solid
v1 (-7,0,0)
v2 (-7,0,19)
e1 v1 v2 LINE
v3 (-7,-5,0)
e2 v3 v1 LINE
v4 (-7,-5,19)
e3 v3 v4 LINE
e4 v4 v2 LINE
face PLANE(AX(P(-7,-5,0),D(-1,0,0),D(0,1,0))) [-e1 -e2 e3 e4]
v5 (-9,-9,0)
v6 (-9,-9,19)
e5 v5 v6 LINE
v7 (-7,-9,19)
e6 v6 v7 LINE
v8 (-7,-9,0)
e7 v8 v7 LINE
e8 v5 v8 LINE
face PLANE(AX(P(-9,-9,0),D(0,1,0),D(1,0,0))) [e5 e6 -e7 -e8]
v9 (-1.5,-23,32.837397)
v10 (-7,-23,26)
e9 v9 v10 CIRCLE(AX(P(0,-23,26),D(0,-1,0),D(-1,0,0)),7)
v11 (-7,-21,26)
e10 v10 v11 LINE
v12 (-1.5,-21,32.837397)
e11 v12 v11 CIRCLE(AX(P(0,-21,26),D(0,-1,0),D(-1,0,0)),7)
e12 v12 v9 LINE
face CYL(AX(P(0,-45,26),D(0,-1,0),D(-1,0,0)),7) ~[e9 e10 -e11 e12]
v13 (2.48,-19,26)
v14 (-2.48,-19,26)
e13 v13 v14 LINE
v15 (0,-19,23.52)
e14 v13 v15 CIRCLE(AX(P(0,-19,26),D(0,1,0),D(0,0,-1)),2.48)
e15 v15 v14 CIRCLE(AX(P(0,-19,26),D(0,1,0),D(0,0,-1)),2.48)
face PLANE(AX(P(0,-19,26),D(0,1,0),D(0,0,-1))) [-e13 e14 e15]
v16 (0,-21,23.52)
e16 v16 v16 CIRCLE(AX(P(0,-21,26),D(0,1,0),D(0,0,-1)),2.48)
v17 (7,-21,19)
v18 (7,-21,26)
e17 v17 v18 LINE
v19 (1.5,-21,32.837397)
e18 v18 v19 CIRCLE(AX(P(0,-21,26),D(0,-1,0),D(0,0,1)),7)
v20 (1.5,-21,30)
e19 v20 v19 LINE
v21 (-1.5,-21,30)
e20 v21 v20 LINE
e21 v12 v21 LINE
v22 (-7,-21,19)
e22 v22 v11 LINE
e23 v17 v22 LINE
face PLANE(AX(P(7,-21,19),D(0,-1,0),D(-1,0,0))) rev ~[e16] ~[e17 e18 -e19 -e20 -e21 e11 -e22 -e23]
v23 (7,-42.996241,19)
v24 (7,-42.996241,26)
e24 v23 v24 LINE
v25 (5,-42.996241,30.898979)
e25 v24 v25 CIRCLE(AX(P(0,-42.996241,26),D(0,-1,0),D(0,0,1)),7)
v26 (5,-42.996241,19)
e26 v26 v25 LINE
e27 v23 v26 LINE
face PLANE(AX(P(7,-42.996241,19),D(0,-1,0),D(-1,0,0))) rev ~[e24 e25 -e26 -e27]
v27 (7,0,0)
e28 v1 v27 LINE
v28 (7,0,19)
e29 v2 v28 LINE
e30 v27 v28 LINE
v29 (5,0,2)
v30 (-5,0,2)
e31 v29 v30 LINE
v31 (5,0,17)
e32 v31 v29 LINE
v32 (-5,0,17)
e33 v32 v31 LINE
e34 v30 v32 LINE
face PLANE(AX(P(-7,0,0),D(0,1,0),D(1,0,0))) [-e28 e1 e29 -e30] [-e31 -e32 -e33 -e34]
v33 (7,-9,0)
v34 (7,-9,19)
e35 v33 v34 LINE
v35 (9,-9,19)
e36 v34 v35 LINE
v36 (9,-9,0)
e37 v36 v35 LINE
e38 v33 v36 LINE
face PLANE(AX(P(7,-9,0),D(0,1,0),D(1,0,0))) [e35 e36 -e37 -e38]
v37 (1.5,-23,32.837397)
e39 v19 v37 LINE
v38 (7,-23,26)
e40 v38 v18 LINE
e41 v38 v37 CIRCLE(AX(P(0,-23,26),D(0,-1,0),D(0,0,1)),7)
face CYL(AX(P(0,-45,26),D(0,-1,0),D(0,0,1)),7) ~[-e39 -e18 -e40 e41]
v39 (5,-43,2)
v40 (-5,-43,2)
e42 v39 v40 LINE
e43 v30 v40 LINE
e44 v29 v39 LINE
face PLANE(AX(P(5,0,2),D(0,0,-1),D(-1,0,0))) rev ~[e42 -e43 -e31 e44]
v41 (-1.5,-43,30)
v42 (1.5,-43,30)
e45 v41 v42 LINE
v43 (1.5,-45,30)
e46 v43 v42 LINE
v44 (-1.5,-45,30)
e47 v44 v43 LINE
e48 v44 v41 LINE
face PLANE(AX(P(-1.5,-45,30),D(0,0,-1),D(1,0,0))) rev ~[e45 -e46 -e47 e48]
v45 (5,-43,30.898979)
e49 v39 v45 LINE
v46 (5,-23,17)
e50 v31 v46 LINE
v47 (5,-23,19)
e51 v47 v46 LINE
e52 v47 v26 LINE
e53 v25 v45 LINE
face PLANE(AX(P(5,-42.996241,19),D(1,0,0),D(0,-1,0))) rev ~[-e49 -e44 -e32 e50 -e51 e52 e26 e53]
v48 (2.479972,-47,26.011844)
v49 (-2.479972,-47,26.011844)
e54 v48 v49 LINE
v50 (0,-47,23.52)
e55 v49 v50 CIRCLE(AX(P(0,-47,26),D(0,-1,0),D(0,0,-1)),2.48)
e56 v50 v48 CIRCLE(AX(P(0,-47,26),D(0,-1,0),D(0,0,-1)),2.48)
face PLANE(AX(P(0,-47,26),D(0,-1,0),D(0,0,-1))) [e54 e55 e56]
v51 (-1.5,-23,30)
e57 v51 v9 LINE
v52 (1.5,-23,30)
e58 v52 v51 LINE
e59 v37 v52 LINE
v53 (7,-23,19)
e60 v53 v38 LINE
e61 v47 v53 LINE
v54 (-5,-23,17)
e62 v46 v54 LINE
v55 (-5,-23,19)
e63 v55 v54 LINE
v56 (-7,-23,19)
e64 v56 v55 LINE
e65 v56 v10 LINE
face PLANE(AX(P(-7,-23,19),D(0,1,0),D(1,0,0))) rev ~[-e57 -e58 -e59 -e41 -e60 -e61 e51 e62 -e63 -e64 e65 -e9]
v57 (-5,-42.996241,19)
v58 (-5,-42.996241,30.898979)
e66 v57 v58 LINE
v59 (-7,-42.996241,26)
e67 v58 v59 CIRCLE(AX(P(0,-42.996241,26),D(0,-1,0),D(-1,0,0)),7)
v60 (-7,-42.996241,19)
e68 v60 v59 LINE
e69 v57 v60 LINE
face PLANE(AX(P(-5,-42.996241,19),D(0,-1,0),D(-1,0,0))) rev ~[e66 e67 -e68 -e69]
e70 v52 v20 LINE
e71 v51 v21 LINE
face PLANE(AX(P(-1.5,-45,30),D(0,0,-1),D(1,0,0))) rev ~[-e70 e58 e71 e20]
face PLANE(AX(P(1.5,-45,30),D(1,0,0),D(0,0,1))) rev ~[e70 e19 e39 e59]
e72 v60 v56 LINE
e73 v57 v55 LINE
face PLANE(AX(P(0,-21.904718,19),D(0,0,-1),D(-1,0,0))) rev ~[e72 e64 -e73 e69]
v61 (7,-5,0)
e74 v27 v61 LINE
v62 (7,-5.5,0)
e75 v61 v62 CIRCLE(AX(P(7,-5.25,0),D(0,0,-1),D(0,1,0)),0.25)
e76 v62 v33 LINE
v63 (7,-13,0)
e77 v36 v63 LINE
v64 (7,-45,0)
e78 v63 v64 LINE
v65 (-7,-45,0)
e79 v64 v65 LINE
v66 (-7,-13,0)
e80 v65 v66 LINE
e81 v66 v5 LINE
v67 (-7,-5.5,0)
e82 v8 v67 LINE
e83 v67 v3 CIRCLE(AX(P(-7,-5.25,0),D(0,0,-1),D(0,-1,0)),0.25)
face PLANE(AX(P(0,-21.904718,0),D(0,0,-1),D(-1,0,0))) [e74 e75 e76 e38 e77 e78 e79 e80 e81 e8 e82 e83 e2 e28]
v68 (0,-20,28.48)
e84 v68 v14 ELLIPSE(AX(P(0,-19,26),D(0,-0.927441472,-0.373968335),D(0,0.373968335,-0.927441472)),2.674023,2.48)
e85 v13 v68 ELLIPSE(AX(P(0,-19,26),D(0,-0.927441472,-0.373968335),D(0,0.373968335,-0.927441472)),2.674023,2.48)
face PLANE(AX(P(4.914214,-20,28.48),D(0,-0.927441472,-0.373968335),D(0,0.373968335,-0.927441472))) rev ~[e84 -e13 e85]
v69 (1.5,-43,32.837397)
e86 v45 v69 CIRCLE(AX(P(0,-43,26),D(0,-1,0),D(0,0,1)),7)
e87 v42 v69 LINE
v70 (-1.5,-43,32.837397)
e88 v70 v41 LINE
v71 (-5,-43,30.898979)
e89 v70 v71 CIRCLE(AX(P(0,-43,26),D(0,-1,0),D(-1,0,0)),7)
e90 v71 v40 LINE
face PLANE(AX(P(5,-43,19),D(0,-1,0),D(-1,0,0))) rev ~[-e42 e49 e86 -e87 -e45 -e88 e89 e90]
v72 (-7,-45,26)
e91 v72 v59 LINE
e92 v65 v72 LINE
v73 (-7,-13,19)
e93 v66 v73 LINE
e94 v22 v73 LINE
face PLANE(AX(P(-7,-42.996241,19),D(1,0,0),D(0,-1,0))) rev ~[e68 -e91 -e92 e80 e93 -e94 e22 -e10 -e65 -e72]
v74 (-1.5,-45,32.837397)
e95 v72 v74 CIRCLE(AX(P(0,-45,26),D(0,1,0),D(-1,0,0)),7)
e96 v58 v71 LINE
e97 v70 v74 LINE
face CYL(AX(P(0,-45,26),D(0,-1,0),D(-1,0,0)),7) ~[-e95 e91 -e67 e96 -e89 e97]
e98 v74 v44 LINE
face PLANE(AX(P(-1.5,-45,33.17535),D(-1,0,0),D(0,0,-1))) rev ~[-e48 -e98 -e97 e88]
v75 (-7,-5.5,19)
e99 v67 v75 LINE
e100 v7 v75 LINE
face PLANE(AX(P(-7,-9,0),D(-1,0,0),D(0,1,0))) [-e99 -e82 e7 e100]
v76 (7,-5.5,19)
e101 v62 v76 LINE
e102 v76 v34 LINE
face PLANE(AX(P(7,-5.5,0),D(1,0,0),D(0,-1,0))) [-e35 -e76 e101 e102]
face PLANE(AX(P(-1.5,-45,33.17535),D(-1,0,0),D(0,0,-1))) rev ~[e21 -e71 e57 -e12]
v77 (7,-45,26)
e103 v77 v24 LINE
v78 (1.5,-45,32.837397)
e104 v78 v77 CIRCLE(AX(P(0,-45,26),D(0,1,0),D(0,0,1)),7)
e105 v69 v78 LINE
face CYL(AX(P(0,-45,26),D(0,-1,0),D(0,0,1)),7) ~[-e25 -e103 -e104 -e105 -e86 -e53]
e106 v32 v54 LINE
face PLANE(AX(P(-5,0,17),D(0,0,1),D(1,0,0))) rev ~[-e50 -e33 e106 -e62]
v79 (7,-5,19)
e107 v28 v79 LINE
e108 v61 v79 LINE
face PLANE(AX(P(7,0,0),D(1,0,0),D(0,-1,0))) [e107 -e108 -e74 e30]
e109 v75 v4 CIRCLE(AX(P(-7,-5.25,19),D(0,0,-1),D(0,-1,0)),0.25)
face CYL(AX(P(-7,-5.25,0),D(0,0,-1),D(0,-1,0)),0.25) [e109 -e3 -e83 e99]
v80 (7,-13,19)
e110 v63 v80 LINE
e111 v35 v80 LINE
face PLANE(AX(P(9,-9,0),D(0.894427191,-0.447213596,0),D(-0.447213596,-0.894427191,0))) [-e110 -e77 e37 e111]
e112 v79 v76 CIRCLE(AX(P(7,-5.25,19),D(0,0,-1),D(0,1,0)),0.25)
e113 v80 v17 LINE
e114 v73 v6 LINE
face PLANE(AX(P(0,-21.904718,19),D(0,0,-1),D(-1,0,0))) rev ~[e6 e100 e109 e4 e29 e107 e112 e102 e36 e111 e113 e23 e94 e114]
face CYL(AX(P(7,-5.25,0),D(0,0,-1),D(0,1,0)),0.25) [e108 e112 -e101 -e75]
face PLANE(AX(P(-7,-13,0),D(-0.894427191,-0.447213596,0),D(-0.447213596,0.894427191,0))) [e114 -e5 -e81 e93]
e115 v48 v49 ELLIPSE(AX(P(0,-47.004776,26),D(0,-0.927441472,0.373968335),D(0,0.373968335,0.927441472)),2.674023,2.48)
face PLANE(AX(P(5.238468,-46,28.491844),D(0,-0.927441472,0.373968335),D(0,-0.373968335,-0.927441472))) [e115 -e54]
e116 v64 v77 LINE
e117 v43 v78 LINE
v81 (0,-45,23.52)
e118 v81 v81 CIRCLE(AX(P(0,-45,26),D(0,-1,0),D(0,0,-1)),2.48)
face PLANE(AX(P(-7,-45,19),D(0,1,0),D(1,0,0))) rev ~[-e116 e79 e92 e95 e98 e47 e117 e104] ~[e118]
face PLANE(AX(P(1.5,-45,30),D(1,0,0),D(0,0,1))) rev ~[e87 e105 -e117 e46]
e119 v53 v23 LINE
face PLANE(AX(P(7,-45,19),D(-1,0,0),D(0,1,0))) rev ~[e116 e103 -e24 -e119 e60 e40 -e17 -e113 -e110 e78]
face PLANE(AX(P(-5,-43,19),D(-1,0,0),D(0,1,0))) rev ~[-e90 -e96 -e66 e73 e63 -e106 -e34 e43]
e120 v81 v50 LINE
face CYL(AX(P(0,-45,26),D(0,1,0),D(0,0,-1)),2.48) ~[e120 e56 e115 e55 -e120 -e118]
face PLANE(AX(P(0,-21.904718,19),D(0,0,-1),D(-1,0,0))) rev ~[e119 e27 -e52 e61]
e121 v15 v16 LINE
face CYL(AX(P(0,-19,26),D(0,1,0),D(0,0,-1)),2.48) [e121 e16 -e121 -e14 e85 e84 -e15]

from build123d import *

# Parameters (mm, degrees)
EXTRUDE_1_DEPTH     = 19
CUT_EXTRUDE_2_DEPTH = 43
CUT_EXTRUDE_3_DEPTH = 2
EXTRUDE_2_DEPTH     = 14
SKETCH_5_R          = 2.48
EXTRUDE_3_DEPTH     = 2
CUT_EXTRUDE_4_DEPTH = 50
EXTRUDE_START       = 2
SKETCH_7_R          = 2.48
EXTRUDE_4_DEPTH     = 2
SKETCH_8_W          = 1.371307674
SKETCH_8_H          = 2.48
EXTRUDE_5_DEPTH     = 2
CUT_EXTRUDE_5_DEPTH = 10
CUT_EXTRUDE_6_DEPTH = 2
SKETCH_11_W         = 2.08463024
SKETCH_11_H         = 2.48
EXTRUDE_7_DEPTH     = 2
CUT_EXTRUDE_7_DEPTH = 20
CUT_EXTRUDE_8_DEPTH = 2.5
CUT_EXTRUDE_9_DEPTH = 50


with BuildPart() as part:
    # 草图1 → 凸台-拉伸1 (new body)
    with BuildSketch(Plane.XY):
        with BuildLine():
            Line((0, 0), (7, 0))
            Line((7, 0), (7, -5))
            ThreePointArc((7, -5), (7.25, -5.25), (7, -5.5))
            Line((7, -5.5), (7, -9))
            Line((7, -9), (9, -9))
            Line((9, -9), (7, -13))
            Line((7, -13), (7, -45))
            Line((7, -45), (0, -45))
            Line((0, -45), (-7, -45))
            Line((-7, -45), (-7, -13))
            Line((-7, -13), (-9, -9))
            Line((-9, -9), (-7, -9))
            Line((-7, -9), (-7, -5.5))
            ThreePointArc((-7, -5.5), (-7.25, -5.25), (-7, -5))
            Line((-7, -5), (-7, 0))
            Line((-7, 0), (0, 0))
        make_face()
    extrude(amount=EXTRUDE_1_DEPTH)

    # 草图2 → 切除-拉伸2 (cut)
    with BuildSketch(Plane(origin=(0, 0, 0), x_dir=(1, 0, 0), z_dir=(0, 1, 0))):
        Polygon((0, -2), (5, -2), (5, -9.5), (5, -17), (0, -17), (-5, -17), (-5, -9.5), (-5, -2), align=None)
    extrude(amount=-CUT_EXTRUDE_2_DEPTH, mode=Mode.SUBTRACT)

    # 草图3 → 切除-拉伸3 (cut)
    with BuildSketch(Plane.XY.offset(19)):
        Polygon((0, -23), (5, -23), (5, -43), (0, -43), (-5, -43), (-5, -23), align=None)
    extrude(amount=-CUT_EXTRUDE_3_DEPTH, mode=Mode.SUBTRACT)

    # 草图4 → 凸台-拉伸2 (add)
    with BuildSketch(Plane.XY.offset(19)):
        Polygon((-7, -42.996240591), (-7, -45), (7, -45), (7, -42.996240591), (5, -42.996240591), (5, -43), (-5, -43), (-5, -42.996240591), align=None)
        Polygon((-7, -23), (5, -23), (7, -23), (7, -21), (-7, -21), align=None)
    extrude(amount=EXTRUDE_2_DEPTH)

    # 草图5 → 凸台-拉伸3 (add)
    with BuildSketch(Plane.XZ.offset(45)):
        with Locations(Location((0, 26, 0), (0, 0, 270))):
            Circle(SKETCH_5_R)
    extrude(amount=EXTRUDE_3_DEPTH)

    # 草图6 → 切除-拉伸4 (cut)
    with BuildSketch(Plane(origin=(0, -45, 0), x_dir=(-1, 0, 0), z_dir=(0, -1, 0))):
        with BuildLine():
            Line((7, -33), (7, -26))
            ThreePointArc((7, -26), (4.949747468, -30.949747468), (0, -33))
            Line((0, -33), (7, -33))
        make_face()
        with BuildLine():
            Line((-7, -33), (0, -33))
            ThreePointArc((0, -33), (-4.949747468, -30.949747468), (-7, -26))
            Line((-7, -26), (-7, -33))
        make_face()
    extrude(amount=-CUT_EXTRUDE_4_DEPTH, mode=Mode.SUBTRACT)

    # 草图7 → 凸台-拉伸4 (add)
    with BuildSketch(Plane(origin=(0, -21, 0), x_dir=(1, 0, 0), z_dir=(0, 1, 0)).offset(EXTRUDE_START)):
        with Locations(Location((0, -26, 0), (0, 0, 90))):
            Circle(SKETCH_7_R)
    extrude(amount=-EXTRUDE_4_DEPTH)

    # 草图8 → 凸台-拉伸5 (add)
    with BuildSketch(Plane(origin=(0, -21, 0), x_dir=(1, 0, 0), z_dir=(0, 1, 0))):
        with Locations((4.228560023, -27.24)):
            Rectangle(SKETCH_8_W, SKETCH_8_H)
    extrude(amount=EXTRUDE_5_DEPTH)

    # 草图9 → 切除-拉伸5 (cut)
    with BuildSketch(Plane(origin=(4.91421386, 0, 0), x_dir=(0, 0, -1), z_dir=(1, 0, 0))):
        Polygon((-26, -19), (-28.48, -19), (-28.48, -20), align=None)
    extrude(amount=-CUT_EXTRUDE_5_DEPTH, mode=Mode.SUBTRACT)

    # 草图10 → 切除-拉伸6 (cut)
    with BuildSketch(Plane(origin=(4.91421386, 0, 0), x_dir=(0, 0, -1), z_dir=(1, 0, 0))):
        Polygon((-26, -19), (-26, -21), (-28.48, -21), (-28.48, -20), align=None)
    extrude(amount=-CUT_EXTRUDE_6_DEPTH, mode=Mode.SUBTRACT)

    # 草图11 → 凸台-拉伸7 (add)
    with BuildSketch(Plane(origin=(0, -47, 0), x_dir=(-1, 0, 0), z_dir=(0, -1, 0))):
        with Locations((-4.196152556, -27.25184449)):
            Rectangle(SKETCH_11_W, SKETCH_11_H)
    extrude(amount=-EXTRUDE_7_DEPTH)

    # 草图12 → 切除-拉伸7 (cut)
    with BuildSketch(Plane(origin=(5.238467676, 0, 0), x_dir=(0, 0, -1), z_dir=(1, 0, 0))):
        Polygon((-28.49184449, -47), (-28.49184449, -46), (-26.01184449, -47), align=None)
    extrude(amount=-CUT_EXTRUDE_7_DEPTH, mode=Mode.SUBTRACT)

    # 草图13 → 切除-拉伸8 (cut)
    with BuildSketch(Plane(origin=(5.238467676, 0, 0), x_dir=(0, 0, -1), z_dir=(1, 0, 0))):
        Polygon((-28.49184449, -46), (-26.01184449, -47), (-26, -45), (-28.49184449, -45), align=None)
    extrude(amount=-CUT_EXTRUDE_8_DEPTH, mode=Mode.SUBTRACT)

    # 草图14 → 切除-拉伸9 (cut)
    with BuildSketch(Plane.XZ.offset(45)):
        with BuildLine():
            ThreePointArc((1.5, 32.837397166), (0.754393744, 32.959230567), (0, 33))
            Line((0, 33), (0, 30))
            Line((0, 30), (1.5, 30))
            Line((1.5, 30), (1.5, 32.837397166))
        make_face()
        with BuildLine():
            Line((0, 30), (0, 33))
            ThreePointArc((0, 33), (-0.754393744, 32.959230567), (-1.5, 32.837397166))
            Line((-1.5, 32.837397166), (-1.5, 30))
            Line((-1.5, 30), (0, 30))
        make_face()
        with BuildLine():
            ThreePointArc((-1.5, 32.837397166), (-0.754393744, 32.959230567), (0, 33))
            ThreePointArc((0, 33), (0.754393744, 32.959230567), (1.5, 32.837397166))
            Line((1.5, 32.837397166), (1.5, 33.175350271))
            Line((1.5, 33.175350271), (-1.5, 33.175350271))
            Line((-1.5, 33.175350271), (-1.5, 32.837397166))
        make_face()
    extrude(amount=-CUT_EXTRUDE_9_DEPTH, mode=Mode.SUBTRACT)


solid = part.part
